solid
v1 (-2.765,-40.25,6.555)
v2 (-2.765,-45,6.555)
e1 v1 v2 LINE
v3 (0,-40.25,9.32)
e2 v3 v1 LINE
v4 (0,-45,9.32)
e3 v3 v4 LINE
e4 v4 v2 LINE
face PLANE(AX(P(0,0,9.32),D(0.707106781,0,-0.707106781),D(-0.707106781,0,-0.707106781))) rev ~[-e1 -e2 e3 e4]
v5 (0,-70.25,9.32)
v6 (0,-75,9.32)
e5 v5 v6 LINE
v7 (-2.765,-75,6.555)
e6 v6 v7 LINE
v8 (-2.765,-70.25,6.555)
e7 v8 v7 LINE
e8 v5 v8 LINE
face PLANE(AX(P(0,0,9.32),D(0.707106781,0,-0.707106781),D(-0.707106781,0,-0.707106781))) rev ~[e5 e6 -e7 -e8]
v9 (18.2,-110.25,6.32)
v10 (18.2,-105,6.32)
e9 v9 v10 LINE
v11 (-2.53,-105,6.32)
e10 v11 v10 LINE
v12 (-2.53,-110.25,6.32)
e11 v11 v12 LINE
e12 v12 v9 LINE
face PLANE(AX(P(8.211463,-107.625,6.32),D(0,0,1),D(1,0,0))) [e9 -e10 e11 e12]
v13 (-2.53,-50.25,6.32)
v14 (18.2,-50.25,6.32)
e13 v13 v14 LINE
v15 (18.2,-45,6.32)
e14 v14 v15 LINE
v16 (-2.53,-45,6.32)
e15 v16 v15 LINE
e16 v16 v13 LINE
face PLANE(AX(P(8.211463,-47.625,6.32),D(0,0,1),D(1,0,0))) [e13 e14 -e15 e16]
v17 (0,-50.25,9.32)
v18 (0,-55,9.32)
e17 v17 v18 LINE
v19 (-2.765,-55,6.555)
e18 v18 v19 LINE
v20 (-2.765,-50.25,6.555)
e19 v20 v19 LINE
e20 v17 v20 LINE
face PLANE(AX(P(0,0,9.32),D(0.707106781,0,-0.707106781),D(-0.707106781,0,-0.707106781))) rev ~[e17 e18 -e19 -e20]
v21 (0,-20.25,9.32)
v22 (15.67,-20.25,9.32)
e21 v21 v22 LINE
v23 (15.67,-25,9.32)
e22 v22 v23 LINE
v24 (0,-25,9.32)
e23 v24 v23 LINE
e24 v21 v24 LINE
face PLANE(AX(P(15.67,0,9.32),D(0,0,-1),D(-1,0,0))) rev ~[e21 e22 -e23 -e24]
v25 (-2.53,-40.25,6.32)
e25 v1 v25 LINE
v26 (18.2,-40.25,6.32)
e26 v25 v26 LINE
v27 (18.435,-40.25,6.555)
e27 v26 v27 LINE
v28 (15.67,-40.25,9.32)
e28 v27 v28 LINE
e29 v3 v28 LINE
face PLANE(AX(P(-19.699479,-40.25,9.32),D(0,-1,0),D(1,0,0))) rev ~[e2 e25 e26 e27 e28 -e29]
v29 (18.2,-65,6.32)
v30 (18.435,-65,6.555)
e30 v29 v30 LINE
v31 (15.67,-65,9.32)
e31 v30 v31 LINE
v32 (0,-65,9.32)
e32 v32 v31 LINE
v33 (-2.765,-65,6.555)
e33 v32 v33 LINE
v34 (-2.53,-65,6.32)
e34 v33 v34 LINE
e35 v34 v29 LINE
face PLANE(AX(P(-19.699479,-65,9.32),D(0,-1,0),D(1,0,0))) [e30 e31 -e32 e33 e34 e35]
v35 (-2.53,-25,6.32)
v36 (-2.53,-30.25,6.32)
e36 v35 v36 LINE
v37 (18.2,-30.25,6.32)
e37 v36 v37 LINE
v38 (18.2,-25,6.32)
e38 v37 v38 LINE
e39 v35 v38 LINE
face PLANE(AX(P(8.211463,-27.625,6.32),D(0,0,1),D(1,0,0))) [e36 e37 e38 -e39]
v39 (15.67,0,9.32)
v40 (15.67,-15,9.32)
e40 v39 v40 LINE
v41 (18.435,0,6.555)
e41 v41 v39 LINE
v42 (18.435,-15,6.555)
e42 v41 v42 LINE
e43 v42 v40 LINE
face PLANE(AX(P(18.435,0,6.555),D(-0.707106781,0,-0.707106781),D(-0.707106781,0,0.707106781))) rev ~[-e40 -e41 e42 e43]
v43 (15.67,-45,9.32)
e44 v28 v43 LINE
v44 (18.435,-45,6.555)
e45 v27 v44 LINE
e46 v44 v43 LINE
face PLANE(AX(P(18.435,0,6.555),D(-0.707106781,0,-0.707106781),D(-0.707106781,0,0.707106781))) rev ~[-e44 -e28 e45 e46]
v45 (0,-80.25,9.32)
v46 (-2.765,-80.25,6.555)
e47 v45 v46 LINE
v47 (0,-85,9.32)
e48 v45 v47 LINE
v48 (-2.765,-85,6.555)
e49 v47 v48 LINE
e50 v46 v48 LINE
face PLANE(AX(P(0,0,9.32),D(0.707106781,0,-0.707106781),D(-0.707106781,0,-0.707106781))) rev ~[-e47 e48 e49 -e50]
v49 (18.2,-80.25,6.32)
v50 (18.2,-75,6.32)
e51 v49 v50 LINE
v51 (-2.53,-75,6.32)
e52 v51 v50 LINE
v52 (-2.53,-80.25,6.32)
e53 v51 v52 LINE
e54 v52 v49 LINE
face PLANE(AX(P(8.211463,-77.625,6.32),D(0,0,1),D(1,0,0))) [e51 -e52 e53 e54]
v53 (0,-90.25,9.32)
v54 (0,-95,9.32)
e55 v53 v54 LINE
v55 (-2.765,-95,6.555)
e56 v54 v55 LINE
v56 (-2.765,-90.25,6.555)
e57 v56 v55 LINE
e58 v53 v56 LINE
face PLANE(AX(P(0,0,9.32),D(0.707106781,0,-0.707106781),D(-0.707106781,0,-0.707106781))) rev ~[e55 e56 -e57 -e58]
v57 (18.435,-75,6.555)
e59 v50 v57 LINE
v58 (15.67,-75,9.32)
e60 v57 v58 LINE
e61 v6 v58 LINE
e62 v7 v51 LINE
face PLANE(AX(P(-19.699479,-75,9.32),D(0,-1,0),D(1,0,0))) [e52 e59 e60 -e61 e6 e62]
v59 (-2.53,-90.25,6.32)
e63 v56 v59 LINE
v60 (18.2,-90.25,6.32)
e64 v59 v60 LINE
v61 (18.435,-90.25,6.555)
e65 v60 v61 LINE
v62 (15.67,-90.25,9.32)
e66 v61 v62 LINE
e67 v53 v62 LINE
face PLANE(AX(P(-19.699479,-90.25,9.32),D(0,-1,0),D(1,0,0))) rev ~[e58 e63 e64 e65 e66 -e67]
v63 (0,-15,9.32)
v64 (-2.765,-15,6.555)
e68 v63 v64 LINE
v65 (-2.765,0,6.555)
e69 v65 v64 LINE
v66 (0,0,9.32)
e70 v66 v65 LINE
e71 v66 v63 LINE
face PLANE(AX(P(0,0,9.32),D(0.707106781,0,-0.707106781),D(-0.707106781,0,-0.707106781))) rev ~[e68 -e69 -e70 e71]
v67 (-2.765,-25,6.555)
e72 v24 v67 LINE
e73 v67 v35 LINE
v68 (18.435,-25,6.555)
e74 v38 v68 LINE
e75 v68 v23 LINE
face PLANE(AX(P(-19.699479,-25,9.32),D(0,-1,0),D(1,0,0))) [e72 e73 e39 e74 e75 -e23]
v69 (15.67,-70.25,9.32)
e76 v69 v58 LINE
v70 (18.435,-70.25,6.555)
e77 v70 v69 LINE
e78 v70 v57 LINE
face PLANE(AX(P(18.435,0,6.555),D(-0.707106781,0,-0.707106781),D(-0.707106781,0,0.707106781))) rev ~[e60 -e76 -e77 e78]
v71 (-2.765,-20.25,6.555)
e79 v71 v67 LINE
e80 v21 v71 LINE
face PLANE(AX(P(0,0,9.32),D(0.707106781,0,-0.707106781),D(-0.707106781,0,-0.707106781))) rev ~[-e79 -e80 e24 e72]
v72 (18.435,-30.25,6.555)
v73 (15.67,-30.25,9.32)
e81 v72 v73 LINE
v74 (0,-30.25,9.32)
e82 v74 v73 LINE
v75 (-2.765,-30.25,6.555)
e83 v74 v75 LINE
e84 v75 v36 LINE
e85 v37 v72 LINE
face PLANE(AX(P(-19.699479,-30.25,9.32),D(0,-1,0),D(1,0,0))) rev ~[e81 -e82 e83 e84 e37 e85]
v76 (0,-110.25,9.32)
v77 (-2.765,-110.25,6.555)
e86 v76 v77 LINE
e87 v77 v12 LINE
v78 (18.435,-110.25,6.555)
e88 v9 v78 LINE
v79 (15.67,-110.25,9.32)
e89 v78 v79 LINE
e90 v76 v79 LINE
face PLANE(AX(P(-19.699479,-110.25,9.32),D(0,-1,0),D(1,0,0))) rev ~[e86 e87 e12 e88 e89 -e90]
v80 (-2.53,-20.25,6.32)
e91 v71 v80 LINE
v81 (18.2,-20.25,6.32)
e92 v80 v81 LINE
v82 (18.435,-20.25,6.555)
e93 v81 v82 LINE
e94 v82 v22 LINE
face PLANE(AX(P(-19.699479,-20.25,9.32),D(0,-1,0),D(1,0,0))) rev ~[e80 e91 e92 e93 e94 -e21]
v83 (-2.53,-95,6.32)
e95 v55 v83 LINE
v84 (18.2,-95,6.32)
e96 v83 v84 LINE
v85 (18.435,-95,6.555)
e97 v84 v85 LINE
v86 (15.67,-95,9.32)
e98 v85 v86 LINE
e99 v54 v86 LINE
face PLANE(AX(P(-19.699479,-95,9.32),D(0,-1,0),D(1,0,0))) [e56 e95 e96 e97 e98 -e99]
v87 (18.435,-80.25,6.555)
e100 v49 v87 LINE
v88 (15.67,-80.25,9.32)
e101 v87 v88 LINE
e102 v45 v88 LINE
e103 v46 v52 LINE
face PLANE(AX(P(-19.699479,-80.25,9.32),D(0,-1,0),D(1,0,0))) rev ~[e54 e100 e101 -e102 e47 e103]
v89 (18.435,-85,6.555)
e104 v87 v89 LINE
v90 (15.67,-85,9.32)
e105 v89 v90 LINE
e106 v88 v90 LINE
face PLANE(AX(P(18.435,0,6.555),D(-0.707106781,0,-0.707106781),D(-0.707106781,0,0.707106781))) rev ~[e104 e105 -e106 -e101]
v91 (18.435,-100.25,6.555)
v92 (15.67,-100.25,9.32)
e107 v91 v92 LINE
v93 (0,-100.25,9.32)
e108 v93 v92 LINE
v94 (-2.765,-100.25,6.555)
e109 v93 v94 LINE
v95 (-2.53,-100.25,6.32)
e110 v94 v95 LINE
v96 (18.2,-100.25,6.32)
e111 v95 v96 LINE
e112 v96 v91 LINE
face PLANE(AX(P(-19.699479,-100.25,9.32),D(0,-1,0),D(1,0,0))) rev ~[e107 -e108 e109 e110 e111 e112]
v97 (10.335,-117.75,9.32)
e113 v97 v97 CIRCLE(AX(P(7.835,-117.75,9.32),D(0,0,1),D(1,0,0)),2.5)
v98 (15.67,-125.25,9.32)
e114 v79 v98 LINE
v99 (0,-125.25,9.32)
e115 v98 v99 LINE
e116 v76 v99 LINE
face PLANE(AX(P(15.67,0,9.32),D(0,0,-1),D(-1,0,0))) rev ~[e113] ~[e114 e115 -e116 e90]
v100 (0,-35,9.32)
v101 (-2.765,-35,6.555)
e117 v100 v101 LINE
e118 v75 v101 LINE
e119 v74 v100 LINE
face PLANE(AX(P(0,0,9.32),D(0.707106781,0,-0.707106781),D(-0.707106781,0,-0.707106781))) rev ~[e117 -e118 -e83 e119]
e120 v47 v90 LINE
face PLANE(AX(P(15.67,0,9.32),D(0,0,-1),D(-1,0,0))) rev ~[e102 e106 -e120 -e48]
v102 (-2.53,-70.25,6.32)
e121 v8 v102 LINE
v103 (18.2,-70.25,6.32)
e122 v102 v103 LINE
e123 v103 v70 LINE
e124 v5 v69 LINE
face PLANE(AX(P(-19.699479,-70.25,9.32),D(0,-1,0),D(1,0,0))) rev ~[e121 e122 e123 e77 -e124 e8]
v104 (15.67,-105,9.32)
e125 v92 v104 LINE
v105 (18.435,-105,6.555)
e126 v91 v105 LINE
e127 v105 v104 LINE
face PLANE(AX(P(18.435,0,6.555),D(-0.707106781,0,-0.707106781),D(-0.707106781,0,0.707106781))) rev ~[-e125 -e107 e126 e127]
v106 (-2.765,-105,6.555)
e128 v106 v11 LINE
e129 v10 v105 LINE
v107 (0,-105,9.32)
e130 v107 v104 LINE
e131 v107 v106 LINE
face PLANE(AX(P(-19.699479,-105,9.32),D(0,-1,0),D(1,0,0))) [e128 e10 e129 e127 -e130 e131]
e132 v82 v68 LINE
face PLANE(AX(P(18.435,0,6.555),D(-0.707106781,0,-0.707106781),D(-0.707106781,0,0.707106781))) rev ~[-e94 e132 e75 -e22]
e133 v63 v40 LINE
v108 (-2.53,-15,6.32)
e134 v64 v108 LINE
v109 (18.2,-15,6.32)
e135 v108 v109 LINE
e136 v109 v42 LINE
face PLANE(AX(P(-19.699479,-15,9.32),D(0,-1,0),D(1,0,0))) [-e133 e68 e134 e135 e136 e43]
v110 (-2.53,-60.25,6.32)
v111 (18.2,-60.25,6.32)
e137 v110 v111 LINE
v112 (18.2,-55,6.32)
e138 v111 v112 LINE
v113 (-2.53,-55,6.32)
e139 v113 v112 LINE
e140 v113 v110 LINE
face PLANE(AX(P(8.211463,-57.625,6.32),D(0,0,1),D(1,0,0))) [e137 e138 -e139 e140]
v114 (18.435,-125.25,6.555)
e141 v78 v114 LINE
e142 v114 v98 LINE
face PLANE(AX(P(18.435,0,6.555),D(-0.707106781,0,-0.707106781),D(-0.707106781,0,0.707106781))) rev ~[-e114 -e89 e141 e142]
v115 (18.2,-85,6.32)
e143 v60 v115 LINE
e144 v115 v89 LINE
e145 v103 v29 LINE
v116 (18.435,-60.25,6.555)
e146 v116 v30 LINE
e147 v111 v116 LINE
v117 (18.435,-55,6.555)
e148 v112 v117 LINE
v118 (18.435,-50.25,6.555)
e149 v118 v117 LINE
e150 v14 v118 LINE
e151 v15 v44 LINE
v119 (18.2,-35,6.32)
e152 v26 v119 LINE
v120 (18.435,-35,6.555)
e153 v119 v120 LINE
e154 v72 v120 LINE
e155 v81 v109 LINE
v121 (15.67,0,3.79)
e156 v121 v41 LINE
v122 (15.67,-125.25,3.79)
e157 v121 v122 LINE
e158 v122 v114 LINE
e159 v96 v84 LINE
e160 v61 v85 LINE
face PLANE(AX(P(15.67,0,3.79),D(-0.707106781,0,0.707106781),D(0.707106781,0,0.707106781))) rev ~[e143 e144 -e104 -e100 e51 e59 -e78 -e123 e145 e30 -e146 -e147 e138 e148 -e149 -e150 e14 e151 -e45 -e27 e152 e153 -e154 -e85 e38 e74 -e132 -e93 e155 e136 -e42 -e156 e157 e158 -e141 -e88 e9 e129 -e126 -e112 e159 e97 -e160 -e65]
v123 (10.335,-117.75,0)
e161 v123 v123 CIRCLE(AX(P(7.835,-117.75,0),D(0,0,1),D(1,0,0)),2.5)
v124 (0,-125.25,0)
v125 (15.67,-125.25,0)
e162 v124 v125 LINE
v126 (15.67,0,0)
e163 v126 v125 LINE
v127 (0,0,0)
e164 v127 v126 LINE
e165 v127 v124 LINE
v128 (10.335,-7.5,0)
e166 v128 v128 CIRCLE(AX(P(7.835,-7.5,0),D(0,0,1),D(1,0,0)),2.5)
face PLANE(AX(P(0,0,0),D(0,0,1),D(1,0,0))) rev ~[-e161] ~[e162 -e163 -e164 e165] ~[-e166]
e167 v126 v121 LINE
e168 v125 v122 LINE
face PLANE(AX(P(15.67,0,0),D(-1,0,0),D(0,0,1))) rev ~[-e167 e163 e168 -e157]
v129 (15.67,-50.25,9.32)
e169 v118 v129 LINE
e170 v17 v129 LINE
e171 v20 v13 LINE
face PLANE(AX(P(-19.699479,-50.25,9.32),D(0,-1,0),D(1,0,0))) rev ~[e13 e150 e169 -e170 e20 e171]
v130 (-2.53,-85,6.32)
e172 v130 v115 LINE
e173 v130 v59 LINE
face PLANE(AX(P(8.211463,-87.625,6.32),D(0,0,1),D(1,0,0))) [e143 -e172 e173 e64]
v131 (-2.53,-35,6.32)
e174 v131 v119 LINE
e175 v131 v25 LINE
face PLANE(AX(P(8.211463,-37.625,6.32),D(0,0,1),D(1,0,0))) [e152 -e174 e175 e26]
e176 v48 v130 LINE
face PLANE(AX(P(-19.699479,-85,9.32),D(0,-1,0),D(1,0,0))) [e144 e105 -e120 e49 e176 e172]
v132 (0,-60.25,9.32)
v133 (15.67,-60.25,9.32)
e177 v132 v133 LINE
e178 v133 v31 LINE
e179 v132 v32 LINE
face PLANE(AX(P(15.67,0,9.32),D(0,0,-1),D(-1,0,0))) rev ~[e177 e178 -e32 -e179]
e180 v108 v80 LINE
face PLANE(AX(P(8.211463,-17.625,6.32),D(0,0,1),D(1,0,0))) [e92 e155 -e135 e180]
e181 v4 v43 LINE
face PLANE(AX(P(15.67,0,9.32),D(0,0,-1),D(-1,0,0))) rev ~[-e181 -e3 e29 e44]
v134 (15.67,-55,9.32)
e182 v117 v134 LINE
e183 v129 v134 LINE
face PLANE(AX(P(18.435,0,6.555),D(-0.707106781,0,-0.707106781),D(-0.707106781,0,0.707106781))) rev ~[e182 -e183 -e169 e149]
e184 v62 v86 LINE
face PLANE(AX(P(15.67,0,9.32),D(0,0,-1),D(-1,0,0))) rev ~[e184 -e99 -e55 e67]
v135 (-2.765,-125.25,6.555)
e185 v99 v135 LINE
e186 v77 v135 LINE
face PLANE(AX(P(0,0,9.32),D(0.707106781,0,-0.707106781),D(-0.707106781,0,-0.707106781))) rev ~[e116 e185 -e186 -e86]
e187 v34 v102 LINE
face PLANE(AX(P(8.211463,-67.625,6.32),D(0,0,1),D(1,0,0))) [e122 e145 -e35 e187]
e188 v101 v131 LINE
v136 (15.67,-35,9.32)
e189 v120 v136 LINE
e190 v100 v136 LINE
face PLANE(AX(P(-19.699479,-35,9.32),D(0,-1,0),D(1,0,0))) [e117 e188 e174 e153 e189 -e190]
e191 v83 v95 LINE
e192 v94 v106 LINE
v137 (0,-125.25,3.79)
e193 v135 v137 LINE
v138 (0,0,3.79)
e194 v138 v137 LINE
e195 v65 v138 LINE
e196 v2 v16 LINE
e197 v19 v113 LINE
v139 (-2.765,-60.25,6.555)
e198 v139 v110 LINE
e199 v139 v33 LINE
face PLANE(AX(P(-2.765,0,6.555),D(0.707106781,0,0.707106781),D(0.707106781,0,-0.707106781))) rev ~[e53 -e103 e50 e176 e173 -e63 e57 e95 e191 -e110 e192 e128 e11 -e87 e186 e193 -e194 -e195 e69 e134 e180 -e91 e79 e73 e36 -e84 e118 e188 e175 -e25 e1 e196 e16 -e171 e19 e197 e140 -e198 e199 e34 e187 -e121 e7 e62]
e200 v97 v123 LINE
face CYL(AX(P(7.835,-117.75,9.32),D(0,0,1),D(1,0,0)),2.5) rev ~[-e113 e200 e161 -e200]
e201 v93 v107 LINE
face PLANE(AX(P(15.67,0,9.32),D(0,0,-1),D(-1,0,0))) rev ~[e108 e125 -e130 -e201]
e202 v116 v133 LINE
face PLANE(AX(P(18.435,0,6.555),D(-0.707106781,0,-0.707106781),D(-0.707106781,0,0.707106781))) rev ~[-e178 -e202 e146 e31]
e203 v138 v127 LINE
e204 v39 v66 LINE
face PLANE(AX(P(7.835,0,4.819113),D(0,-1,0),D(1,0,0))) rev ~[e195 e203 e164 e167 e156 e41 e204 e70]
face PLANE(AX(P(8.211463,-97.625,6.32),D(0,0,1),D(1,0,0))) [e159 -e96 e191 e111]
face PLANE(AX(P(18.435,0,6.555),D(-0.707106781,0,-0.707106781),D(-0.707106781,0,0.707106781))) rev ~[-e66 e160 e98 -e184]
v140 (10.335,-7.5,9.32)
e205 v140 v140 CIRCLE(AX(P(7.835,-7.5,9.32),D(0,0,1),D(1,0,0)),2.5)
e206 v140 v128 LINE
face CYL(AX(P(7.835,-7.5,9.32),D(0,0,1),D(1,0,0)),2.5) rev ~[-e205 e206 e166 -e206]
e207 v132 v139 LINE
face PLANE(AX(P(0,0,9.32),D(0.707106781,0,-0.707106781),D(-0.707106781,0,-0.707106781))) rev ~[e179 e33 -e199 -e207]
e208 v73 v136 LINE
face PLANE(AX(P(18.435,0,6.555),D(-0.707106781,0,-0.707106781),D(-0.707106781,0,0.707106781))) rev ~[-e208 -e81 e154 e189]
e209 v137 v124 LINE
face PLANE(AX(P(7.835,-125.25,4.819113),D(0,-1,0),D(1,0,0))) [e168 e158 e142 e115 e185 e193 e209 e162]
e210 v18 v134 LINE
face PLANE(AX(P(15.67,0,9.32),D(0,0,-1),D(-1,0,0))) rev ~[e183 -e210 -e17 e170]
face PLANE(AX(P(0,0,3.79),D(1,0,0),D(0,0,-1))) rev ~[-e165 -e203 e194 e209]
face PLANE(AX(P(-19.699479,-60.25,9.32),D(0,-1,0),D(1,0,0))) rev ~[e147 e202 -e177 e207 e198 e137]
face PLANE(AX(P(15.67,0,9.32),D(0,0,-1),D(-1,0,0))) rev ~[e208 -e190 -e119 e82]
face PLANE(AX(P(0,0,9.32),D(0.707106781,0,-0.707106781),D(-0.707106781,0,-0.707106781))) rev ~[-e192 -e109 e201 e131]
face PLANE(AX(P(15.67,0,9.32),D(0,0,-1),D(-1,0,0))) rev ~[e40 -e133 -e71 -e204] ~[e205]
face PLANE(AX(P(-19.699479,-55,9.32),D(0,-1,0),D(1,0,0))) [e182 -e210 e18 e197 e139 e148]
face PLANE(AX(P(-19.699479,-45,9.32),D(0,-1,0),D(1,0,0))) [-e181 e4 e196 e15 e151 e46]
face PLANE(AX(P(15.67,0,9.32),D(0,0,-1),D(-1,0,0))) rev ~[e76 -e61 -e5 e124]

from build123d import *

# Parameters (mm, degrees)
F1_DEPTH = 125.25
F2_W     = 55.821885
F2_H     = 5.25
F3_DEPTH = 3
F4_R     = 2.5
F5_DEPTH = 25


with BuildPart() as f1:
    # F0 (on Front) → F1 (new body)
    with BuildSketch(Plane.XZ):
        Polygon((0, 3.79), (0, 0), (15.67, 0), (15.67, 3.79), (18.435, 6.555), (15.67, 9.32), (0, 9.32), (-2.765, 6.555), align=None)
    extrude(amount=F1_DEPTH)

    # F2 (on face) → F3 (cut)
    with BuildSketch(Plane.XY.offset(9.32)):
        with Locations((8.211463, -17.625)):
            Rectangle(F2_W, F2_H)
        with Locations((8.211463, -27.625)):
            Rectangle(F2_W, F2_H)
        with Locations((8.211463, -37.625)):
            Rectangle(F2_W, F2_H)
        with Locations((8.211463, -47.625)):
            Rectangle(F2_W, F2_H)
        with Locations((8.211463, -57.625)):
            Rectangle(F2_W, F2_H)
        with Locations((8.211463, -67.625)):
            Rectangle(F2_W, F2_H)
        with Locations((8.211463, -77.625)):
            Rectangle(F2_W, F2_H)
        with Locations((8.211463, -87.625)):
            Rectangle(F2_W, F2_H)
        with Locations((8.211463, -97.625)):
            Rectangle(F2_W, F2_H)
        with Locations((8.211463, -107.625)):
            Rectangle(F2_W, F2_H)
    extrude(amount=-F3_DEPTH, mode=Mode.SUBTRACT)

    # F4 (on face) → F5 (cut)
    with BuildSketch(Plane.XY.offset(9.32)):
        with Locations((7.835, -7.5)):
            Circle(F4_R)
        with Locations((7.835, -117.75)):
            Circle(F4_R)
    extrude(amount=-F5_DEPTH, mode=Mode.SUBTRACT)


solid = f1.part
